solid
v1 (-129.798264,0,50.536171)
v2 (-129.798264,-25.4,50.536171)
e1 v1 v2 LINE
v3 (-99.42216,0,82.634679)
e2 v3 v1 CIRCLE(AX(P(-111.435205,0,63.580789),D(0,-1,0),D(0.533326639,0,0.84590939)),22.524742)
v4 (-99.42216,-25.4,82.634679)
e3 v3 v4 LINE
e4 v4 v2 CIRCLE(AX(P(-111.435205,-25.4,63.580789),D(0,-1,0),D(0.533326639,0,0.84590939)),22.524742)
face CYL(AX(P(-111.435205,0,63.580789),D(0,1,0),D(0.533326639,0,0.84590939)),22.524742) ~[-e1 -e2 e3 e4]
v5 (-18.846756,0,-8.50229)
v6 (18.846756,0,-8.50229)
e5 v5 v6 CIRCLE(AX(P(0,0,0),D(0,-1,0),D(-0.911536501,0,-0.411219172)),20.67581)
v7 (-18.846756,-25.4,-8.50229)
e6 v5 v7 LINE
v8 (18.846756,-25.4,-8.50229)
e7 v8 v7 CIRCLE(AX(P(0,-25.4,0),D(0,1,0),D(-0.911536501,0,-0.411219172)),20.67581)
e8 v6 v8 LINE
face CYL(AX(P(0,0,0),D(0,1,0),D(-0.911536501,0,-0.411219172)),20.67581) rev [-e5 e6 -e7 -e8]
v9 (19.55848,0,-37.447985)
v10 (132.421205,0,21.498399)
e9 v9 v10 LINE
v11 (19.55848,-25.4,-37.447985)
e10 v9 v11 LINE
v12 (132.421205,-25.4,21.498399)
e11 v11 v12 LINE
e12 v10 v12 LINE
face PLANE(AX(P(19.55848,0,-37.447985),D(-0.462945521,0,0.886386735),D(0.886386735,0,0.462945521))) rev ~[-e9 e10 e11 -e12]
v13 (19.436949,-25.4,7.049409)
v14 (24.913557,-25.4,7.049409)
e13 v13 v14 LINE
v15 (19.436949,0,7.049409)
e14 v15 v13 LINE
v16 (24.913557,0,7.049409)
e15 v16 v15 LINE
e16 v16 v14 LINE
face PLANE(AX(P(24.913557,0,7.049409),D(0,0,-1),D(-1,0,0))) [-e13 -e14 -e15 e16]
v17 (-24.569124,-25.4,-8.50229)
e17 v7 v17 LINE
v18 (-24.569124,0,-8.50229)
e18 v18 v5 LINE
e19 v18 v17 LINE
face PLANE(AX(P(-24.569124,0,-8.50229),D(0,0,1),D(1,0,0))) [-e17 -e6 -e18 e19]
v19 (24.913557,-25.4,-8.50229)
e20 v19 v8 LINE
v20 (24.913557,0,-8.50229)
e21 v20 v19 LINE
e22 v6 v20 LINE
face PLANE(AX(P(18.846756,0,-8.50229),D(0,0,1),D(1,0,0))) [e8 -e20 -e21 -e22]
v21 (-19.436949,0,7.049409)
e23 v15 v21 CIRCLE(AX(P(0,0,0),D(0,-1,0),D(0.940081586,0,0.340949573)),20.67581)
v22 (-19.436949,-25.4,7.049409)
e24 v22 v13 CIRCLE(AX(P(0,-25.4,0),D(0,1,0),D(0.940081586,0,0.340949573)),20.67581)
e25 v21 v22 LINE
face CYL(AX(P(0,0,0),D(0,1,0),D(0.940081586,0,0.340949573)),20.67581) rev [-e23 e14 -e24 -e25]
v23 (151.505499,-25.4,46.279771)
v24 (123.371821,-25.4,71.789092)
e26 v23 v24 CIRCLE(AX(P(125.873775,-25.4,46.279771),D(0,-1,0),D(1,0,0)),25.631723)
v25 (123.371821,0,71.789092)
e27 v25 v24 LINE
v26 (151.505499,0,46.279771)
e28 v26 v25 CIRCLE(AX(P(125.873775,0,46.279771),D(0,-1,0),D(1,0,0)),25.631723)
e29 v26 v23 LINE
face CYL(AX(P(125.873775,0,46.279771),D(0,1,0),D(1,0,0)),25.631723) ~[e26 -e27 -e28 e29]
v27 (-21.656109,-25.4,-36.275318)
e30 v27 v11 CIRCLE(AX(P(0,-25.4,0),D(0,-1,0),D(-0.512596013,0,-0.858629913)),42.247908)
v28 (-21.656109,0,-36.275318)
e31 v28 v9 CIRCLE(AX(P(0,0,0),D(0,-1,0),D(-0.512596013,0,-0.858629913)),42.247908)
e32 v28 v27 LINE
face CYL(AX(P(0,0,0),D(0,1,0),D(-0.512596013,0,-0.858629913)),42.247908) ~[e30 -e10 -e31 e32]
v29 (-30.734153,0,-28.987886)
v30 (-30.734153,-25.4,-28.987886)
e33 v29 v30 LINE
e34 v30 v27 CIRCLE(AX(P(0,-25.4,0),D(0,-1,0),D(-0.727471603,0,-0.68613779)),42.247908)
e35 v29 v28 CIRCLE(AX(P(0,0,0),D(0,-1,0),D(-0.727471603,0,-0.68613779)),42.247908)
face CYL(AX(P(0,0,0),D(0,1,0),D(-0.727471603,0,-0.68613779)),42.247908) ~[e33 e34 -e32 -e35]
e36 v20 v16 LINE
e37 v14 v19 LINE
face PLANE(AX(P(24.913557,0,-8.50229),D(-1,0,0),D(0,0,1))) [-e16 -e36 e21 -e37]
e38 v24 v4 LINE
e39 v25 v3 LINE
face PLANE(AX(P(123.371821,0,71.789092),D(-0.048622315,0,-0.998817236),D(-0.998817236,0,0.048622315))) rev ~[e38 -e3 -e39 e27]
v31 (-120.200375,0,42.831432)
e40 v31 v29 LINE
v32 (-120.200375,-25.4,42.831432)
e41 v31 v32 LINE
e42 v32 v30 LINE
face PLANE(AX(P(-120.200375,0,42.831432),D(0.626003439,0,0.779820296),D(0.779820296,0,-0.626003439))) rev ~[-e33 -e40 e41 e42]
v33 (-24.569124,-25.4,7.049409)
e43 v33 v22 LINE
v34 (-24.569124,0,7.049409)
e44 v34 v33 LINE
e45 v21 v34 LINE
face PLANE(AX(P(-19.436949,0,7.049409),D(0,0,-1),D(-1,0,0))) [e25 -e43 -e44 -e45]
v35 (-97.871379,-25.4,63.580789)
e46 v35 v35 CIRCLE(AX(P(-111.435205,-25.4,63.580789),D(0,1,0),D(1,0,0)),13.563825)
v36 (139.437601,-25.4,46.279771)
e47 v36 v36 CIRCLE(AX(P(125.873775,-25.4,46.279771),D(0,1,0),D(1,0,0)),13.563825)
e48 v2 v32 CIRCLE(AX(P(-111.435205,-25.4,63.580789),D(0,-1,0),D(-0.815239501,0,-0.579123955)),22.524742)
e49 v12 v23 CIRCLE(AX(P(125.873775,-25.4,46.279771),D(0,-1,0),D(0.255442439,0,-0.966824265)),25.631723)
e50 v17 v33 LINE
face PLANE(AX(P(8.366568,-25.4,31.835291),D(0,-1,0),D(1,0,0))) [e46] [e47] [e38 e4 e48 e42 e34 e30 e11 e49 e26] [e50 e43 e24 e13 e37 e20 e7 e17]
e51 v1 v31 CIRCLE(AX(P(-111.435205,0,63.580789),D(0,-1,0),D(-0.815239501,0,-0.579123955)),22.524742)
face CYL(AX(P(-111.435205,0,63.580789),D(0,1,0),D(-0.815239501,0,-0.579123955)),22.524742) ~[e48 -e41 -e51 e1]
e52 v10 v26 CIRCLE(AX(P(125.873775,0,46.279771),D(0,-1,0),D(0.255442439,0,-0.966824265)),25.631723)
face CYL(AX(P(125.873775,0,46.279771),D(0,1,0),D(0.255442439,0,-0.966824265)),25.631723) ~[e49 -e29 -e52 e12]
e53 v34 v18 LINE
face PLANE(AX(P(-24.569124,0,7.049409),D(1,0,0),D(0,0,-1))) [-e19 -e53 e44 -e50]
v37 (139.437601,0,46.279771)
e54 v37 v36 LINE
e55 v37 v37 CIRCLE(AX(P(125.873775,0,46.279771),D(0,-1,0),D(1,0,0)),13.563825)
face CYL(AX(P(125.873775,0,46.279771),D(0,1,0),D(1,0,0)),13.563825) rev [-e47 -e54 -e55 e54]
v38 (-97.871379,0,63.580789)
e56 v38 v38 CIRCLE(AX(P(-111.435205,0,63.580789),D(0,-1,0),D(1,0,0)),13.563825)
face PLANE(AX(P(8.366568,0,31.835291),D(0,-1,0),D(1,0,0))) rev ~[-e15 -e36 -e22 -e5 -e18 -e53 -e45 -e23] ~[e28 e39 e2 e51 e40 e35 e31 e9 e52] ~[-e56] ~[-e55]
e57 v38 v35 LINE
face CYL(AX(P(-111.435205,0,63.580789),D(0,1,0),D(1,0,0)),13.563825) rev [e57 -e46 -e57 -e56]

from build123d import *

# Parameters (mm, degrees)
F0_R     = 13.5638253362
F1_DEPTH = 25.4
F2_DEPTH = 41.656
F3_DEPTH = 26.162


with BuildPart() as f1:
    # F0 (on Front) → F1 (new body)
    with BuildSketch(Plane.XZ):
        with BuildLine():
            ThreePointArc((42.2479079596, 0), (36.1330221503, -21.892702831), (19.5584797538, -37.4479852152))
            Line((19.5584797538, -37.4479852152), (132.4212052928, 21.4983992089))
            ThreePointArc((132.4212052928, 21.4983992089), (100.6472035915, 41.7404632116), (123.3718206821, 71.7890924196))
            Line((123.3718206821, 71.7890924196), (-99.4221599354, 82.6346792182))
            ThreePointArc((-99.4221599354, 82.6346792182), (-91.712695746, 74.4613506675), (-88.9104630026, 63.580788672))
            ThreePointArc((-88.9104630026, 63.580788672), (-98.9866948233, 44.8085061449), (-120.2003748087, 42.8314324344))
            Line((-120.2003748087, 42.8314324344), (-30.734153315, -28.9878862108))
            ThreePointArc((-30.734153315, -28.9878862108), (-15.5953846777, 39.2641019726), (42.2479079596, 0))
        make_face()
        with BuildLine():
            Line((-30.734153315, -28.9878862108), (-21.6561091574, -36.2753175468))
            ThreePointArc((-21.6561091574, -36.2753175468), (-1.201582142, -42.2308172703), (19.5584797538, -37.4479852152))
            ThreePointArc((19.5584797538, -37.4479852152), (36.1330221503, -21.892702831), (42.2479079596, 0))
            ThreePointArc((42.2479079596, 0), (-15.5953846777, 39.2641019726), (-30.734153315, -28.9878862108))
        make_face()
        with BuildLine():
            ThreePointArc((-19.4369487029, 7.0494087413), (0, 20.6758104674), (19.4369487029, 7.0494087413))
            Line((19.4369487029, 7.0494087413), (24.9135568738, 7.0494087413))
            Line((24.9135568738, 7.0494087413), (24.9135568738, -8.5022896528))
            Line((24.9135568738, -8.5022896528), (18.8467559315, -8.5022896528))
            ThreePointArc((18.8467559315, -8.5022896528), (0, -20.6758104674), (-18.8467559315, -8.5022896528))
            Line((-18.8467559315, -8.5022896528), (-24.5691239834, -8.5022896528))
            Line((-24.5691239834, -8.5022896528), (-24.5691239834, 7.0494087413))
            Line((-24.5691239834, 7.0494087413), (-19.4369487029, 7.0494087413))
        make_face(mode=Mode.SUBTRACT)
        with BuildLine():
            ThreePointArc((123.3718206821, 71.7890924196), (100.6472035915, 41.7404632116), (132.4212052928, 21.4983992089))
            ThreePointArc((132.4212052928, 21.4983992089), (146.1814974644, 30.6406644058), (151.5054987025, 46.2797712983))
            ThreePointArc((151.5054987025, 46.2797712983), (143.0908574497, 65.2681184027), (123.3718206821, 71.7890924196))
        make_face()
        with Locations((125.873775364, 46.2797712983)):
            Circle(F0_R, mode=Mode.SUBTRACT)
        with BuildLine():
            Line((-129.7982639681, 50.536171143), (-120.2003748087, 42.8314324344))
            ThreePointArc((-120.2003748087, 42.8314324344), (-98.9866948233, 44.8085061449), (-88.9104630026, 63.580788672))
            ThreePointArc((-88.9104630026, 63.580788672), (-91.712695746, 74.4613506675), (-99.4221599354, 82.6346792182))
            ThreePointArc((-99.4221599354, 82.6346792182), (-127.7954989327, 79.063190443), (-129.7982639681, 50.536171143))
        make_face()
        with Locations((-111.4352047443, 63.580788672)):
            Circle(F0_R, mode=Mode.SUBTRACT)
        with BuildLine():
            ThreePointArc((18.8467559315, -8.5022896528), (20.2133754238, -4.3484011382), (20.6758104674, 0))
            ThreePointArc((20.6758104674, 0), (20.3637399061, 3.5787198156), (19.4369487029, 7.0494087413))
            Line((19.4369487029, 7.0494087413), (-19.4369487029, 7.0494087413))
            ThreePointArc((-19.4369487029, 7.0494087413), (-20.6609375603, -0.784090309), (-18.8467559315, -8.5022896528))
            Line((-18.8467559315, -8.5022896528), (18.8467559315, -8.5022896528))
        make_face()
        with Locations((-111.4352047443, 63.580788672)):
            Circle(F0_R)
        with Locations((125.873775364, 46.2797712983)):
            Circle(F0_R)
        with BuildLine():
            Line((-19.4369487029, 7.0494087413), (19.4369487029, 7.0494087413))
            ThreePointArc((19.4369487029, 7.0494087413), (0, 20.6758104674), (-19.4369487029, 7.0494087413))
        make_face()
        with BuildLine():
            ThreePointArc((-18.8467559315, -8.5022896528), (0, -20.6758104674), (18.8467559315, -8.5022896528))
            Line((18.8467559315, -8.5022896528), (-18.8467559315, -8.5022896528))
        make_face()
        with BuildLine():
            ThreePointArc((19.4369487029, 7.0494087413), (20.3637399061, 3.5787198156), (20.6758104674, 0))
            ThreePointArc((20.6758104674, 0), (20.2133754238, -4.3484011382), (18.8467559315, -8.5022896528))
            Line((18.8467559315, -8.5022896528), (24.9135568738, -8.5022896528))
            Line((24.9135568738, -8.5022896528), (24.9135568738, 7.0494087413))
            Line((24.9135568738, 7.0494087413), (19.4369487029, 7.0494087413))
        make_face()
        with BuildLine():
            ThreePointArc((-18.8467559315, -8.5022896528), (-20.6609375603, -0.784090309), (-19.4369487029, 7.0494087413))
            Line((-19.4369487029, 7.0494087413), (-24.5691239834, 7.0494087413))
            Line((-24.5691239834, 7.0494087413), (-24.5691239834, -8.5022896528))
            Line((-24.5691239834, -8.5022896528), (-18.8467559315, -8.5022896528))
        make_face()
        with BuildLine():
            ThreePointArc((-129.7982639681, 50.536171143), (-125.5357705386, 46.0155378963), (-120.2003748087, 42.8314324344))
            Line((-120.2003748087, 42.8314324344), (-129.7982639681, 50.536171143))
        make_face()
        with BuildLine():
            ThreePointArc((-30.734153315, -28.9878862108), (-26.4473356759, -32.9457760966), (-21.6561091574, -36.2753175468))
            Line((-21.6561091574, -36.2753175468), (-30.734153315, -28.9878862108))
        make_face()
    extrude(amount=F1_DEPTH)

    # F0 (on Front) → F2 (cut)
    with BuildSketch(Plane.XZ):
        with BuildLine():
            ThreePointArc((-18.8467559315, -8.5022896528), (0, -20.6758104674), (18.8467559315, -8.5022896528))
            Line((18.8467559315, -8.5022896528), (-18.8467559315, -8.5022896528))
        make_face()
        with BuildLine():
            Line((-19.4369487029, 7.0494087413), (19.4369487029, 7.0494087413))
            ThreePointArc((19.4369487029, 7.0494087413), (0, 20.6758104674), (-19.4369487029, 7.0494087413))
        make_face()
        with BuildLine():
            ThreePointArc((-18.8467559315, -8.5022896528), (-20.6609375603, -0.784090309), (-19.4369487029, 7.0494087413))
            Line((-19.4369487029, 7.0494087413), (-24.5691239834, 7.0494087413))
            Line((-24.5691239834, 7.0494087413), (-24.5691239834, -8.5022896528))
            Line((-24.5691239834, -8.5022896528), (-18.8467559315, -8.5022896528))
        make_face()
        with BuildLine():
            ThreePointArc((19.4369487029, 7.0494087413), (20.3637399061, 3.5787198156), (20.6758104674, 0))
            ThreePointArc((20.6758104674, 0), (20.2133754238, -4.3484011382), (18.8467559315, -8.5022896528))
            Line((18.8467559315, -8.5022896528), (24.9135568738, -8.5022896528))
            Line((24.9135568738, -8.5022896528), (24.9135568738, 7.0494087413))
            Line((24.9135568738, 7.0494087413), (19.4369487029, 7.0494087413))
        make_face()
        with BuildLine():
            ThreePointArc((18.8467559315, -8.5022896528), (20.2133754238, -4.3484011382), (20.6758104674, 0))
            ThreePointArc((20.6758104674, 0), (20.3637399061, 3.5787198156), (19.4369487029, 7.0494087413))
            Line((19.4369487029, 7.0494087413), (-19.4369487029, 7.0494087413))
            ThreePointArc((-19.4369487029, 7.0494087413), (-20.6609375603, -0.784090309), (-18.8467559315, -8.5022896528))
            Line((-18.8467559315, -8.5022896528), (18.8467559315, -8.5022896528))
        make_face()
    extrude(amount=F2_DEPTH, mode=Mode.SUBTRACT)

    # F0 (on Front) → F3 (cut)
    with BuildSketch(Plane.XZ):
        with Locations((-111.4352047443, 63.580788672)):
            Circle(F0_R)
        with Locations((125.873775364, 46.2797712983)):
            Circle(F0_R)
    extrude(amount=F3_DEPTH, mode=Mode.SUBTRACT)


solid = f1.part
